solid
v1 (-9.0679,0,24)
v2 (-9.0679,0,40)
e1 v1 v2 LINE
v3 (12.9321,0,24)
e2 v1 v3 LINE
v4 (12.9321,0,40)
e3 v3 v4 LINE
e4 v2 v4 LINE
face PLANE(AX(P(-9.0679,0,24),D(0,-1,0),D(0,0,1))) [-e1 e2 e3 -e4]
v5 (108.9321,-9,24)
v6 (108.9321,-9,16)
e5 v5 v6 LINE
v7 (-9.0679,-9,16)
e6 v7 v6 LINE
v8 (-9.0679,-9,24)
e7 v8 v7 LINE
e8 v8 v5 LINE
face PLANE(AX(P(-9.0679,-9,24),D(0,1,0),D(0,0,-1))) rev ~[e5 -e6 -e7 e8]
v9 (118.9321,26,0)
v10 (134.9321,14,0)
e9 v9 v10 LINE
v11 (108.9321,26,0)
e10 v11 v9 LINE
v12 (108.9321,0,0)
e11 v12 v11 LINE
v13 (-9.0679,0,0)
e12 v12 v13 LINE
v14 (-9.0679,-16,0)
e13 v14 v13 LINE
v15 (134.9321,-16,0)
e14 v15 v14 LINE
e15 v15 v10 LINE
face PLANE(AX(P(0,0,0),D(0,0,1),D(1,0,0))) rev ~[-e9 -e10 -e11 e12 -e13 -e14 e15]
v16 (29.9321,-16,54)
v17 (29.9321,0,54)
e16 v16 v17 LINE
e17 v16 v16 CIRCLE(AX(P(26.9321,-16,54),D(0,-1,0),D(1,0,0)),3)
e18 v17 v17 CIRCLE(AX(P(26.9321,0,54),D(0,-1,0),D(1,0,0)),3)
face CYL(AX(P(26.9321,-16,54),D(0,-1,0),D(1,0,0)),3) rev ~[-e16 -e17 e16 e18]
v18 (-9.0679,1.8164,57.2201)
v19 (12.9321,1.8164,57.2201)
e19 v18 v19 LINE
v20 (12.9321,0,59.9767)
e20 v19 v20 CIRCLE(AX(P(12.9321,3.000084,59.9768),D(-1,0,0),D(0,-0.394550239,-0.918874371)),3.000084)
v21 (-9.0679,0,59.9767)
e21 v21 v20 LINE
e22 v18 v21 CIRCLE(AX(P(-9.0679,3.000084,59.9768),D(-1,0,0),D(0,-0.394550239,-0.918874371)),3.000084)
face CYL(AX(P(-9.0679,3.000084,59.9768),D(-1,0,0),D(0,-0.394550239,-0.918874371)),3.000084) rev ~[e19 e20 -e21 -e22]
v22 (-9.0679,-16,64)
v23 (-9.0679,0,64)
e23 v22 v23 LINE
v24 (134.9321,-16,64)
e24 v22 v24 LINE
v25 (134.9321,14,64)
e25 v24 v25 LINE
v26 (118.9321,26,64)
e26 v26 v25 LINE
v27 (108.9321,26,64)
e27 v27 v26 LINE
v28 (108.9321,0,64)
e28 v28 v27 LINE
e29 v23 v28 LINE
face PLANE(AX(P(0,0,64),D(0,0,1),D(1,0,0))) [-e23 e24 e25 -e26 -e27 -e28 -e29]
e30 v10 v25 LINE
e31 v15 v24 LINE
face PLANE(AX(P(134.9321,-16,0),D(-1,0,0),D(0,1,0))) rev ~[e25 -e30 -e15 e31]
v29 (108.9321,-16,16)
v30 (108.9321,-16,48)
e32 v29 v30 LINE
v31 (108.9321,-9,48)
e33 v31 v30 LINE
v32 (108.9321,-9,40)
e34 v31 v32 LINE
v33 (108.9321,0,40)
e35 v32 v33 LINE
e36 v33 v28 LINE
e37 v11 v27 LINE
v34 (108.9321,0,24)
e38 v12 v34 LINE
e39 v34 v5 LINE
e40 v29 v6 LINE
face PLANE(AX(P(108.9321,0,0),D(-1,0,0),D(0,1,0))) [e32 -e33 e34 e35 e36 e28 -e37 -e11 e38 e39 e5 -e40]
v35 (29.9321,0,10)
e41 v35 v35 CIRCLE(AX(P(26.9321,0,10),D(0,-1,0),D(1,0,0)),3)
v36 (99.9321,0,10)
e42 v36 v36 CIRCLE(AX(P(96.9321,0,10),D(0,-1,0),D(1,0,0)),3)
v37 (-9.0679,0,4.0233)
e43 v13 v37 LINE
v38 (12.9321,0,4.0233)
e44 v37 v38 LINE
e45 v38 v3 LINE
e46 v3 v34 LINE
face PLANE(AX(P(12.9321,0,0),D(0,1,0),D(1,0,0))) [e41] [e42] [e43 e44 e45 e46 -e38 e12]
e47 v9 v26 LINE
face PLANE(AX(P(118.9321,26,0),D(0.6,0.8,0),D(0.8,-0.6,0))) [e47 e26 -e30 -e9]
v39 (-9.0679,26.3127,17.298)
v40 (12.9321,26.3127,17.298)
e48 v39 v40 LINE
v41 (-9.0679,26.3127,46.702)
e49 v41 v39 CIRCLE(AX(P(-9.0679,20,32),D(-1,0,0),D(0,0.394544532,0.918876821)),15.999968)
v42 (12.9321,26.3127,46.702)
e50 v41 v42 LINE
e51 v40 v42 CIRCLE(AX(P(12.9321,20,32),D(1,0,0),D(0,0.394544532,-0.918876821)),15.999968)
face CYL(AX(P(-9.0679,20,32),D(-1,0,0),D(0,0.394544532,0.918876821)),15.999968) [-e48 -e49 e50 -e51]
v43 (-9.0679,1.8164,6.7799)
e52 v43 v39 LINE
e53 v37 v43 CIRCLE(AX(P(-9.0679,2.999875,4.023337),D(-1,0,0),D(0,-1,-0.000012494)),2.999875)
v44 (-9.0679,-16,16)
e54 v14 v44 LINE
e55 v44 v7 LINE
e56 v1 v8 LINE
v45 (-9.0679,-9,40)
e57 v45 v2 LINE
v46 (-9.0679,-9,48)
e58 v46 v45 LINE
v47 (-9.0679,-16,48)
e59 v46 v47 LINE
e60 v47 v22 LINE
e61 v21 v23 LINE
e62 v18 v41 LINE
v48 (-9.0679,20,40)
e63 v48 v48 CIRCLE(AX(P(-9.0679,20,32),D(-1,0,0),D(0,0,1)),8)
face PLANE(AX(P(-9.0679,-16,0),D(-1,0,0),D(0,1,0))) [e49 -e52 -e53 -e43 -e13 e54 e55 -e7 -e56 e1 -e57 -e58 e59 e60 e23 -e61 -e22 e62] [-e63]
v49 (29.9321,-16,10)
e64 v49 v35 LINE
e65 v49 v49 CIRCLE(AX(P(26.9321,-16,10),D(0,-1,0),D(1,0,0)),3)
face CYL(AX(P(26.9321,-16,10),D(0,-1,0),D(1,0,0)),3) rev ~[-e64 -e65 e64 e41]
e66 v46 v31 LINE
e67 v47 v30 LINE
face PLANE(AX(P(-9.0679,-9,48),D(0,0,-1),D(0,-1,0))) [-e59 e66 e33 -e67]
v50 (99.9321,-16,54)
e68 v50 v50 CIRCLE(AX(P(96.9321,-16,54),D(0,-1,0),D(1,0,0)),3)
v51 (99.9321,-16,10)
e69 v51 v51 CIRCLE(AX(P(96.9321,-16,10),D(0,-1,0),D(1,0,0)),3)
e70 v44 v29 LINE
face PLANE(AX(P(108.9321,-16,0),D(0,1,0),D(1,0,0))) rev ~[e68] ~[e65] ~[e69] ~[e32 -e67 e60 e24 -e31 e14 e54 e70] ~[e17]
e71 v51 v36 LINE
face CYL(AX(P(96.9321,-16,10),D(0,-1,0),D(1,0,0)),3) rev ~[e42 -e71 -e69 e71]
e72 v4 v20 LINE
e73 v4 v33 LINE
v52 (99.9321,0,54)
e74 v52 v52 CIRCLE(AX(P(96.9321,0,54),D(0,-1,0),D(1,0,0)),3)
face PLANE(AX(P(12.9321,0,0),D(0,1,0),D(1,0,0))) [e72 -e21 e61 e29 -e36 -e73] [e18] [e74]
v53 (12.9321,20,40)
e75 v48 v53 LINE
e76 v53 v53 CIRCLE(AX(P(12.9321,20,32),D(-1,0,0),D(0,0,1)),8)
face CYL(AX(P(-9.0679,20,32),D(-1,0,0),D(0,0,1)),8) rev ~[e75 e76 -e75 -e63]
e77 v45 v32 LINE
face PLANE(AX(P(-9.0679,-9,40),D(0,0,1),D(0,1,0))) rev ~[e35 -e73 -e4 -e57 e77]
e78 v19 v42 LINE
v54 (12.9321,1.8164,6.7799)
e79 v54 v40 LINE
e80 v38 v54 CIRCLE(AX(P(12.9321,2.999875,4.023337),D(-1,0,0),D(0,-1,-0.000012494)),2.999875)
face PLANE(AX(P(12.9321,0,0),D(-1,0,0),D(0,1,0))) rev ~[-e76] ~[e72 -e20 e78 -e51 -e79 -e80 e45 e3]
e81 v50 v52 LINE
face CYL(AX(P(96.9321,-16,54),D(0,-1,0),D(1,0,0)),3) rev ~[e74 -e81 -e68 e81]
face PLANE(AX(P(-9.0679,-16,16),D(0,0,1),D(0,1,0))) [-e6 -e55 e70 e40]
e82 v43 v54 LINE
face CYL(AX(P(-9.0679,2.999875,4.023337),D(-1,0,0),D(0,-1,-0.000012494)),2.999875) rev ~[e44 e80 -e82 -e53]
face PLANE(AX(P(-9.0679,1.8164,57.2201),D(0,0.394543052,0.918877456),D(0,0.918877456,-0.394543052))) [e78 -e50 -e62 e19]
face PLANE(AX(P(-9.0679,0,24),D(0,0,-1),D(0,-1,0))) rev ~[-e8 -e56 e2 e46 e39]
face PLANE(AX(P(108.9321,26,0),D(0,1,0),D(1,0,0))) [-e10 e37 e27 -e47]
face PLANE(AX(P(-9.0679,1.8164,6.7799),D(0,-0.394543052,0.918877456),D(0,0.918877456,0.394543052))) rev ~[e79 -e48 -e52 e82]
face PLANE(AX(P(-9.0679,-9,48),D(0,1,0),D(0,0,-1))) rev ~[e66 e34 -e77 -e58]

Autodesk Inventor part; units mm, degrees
ref_plane "YZ Plane" through (0, 0, 0) normal (1, 0, 0) x (0, 1, 0)
ref_plane "XZ Plane" through (0, 0, 0) normal (0, 1, 0) x (-1, 0, 0)
ref_plane "XY Plane" through (0, 0, 0) normal (0, 0, 1) x (1, 0, 0)
sketch "Sketch1" plane through (0, 0, 0) normal (0, 0, 1) x (1, 0, 0)
  line L0 (12.9321, 0) -> (108.9321, 0)
  line L1 (108.9321, -16) -> (-9.0679, -16)
  line L2 (-9.0679, -16) -> (-9.0679, 0)
  line L3 (12.9321, 0) -> (12.9321, 36)
  line L4 (12.9321, 36) -> (-9.0679, 36)
  line L5 (-9.0679, 36) -> (-9.0679, 0)
  line L6 (108.9321, -16) -> (134.9321, -16)
  line L7 (134.9321, -16) -> (134.9321, 14)
  line L8 (108.9321, 0) -> (108.9321, 26)
  line L9 (108.9321, 26) -> (118.9321, 26)
  line L10 (118.9321, 26) -> (134.9321, 14)
  point P0 (0, 0)
  dimension "d0" = 118
  dimension "d1" = 16
  dimension "d2" = 22
  dimension "d3" = 36
  dimension "d4" = 26
  dimension "d5" = 30
  dimension "d6" = 26
  dimension "d7" = 10
extrude "Extrusion1" add sketch "Sketch1" along normal blind 64
sketch "Sketch2" plane through (-9.0679, -16, 0) normal (-1, 0, 0) x (0, 0, 1)
  circle A0 centre (32, 36) radius 8
  line L0 (0, 0) -> (64, 0) projected
  line L1 (0, 52) -> (0, 0) projected
  line L2 (0, 16) -> (64, 16) projected
  line L3 (0, 16) -> (4.0233, 16)
  line L4 (64, 16) -> (59.9767, 16)
  arc A1 (46.702, 42.3127) -> (17.298, 42.3127) centre (32, 36) ccw
  line L5 (57.2201, 17.8164) -> (46.702, 42.3127)
  line L6 (6.7799, 17.8164) -> (17.298, 42.3127)
  arc A2 (4.0233, 16) -> (6.7799, 17.8164) centre (4.0233, 19) ccw
  arc A3 (57.2201, 17.8164) -> (59.9767, 16) centre (59.9767, 19) ccw
  line L7 (0, 16) -> (0, 52)
  line L8 (0, 52) -> (64, 52) projected
  line L9 (64, 52) -> (64, 16)
  line L10 (64, 52) -> (64, 0) projected
  point P0 (6, 16)
  point P1 (58, 16)
  point P2 (32, 52)
  dimension "d10" = 16
  dimension "d11" = 36
  dimension "d12" = 32
  dimension "d13" = 6
  dimension "d14" = 6
  dimension "d15" = 3
  dimension "d16" = 3
extrude "Extrusion2" cut sketch "Sketch2" against normal blind 22 contours A0 | L1 L8 A1 L6 A2 L2 | L2 A3 L5 A1 L8 L9
sketch "Sketch3" plane through (-9.0679, -16, 0) normal (-1, 0, 0) x (0, 0, 1)
  line L0 (0, 0) -> (64, 0) projected
  line L1 (0, 16) -> (64, 16) projected
  line L2 (48, 0) -> (16, 0)
  line L3 (16, 0) -> (16, 7)
  line L4 (24, 16) -> (40, 16)
  line L5 (48, 7) -> (48, 0)
  line L6 (0, 16) -> (0, 0) projected
  line L7 (64, 16) -> (64, 0) projected
  line L8 (24, 16) -> (24, 7)
  line L9 (24, 7) -> (16, 7)
  line L10 (48, 7) -> (40, 7)
  line L11 (40, 7) -> (40, 16)
  point P0 (16, 0)
  dimension "d19" = 16
  dimension "d20" = 16
  dimension "d21" = 9
  dimension "d22" = 8
  dimension "d23" = 8
extrude "Extrusion3" cut sketch "Sketch3" against normal blind 118 contours L3 L9 L8 L1 L11 L10 L5 L0
sketch "Sketch4" plane through (-9.0679, -16, 0) normal (0, -1, 0) x (1, 0, 0)
  circle A0 centre (36, 54) radius 3
  line L0 (0, 48) -> (0, 64) projected
  line L1 (0, 64) -> (144, 64) projected
  circle A1 centre (106, 54) radius 3
  circle A2 centre (36, 10) radius 3
  circle A3 centre (106, 10) radius 3
  point P0 (9.0679, 0)
  dimension "d26" = 6
  dimension "d27" = 36
  dimension "d28" = 10
  dimension "d31" = 70
  dimension "d34" = 44
extrude "Extrusion4" cut sketch "Sketch4" against normal through all
properties part number "first"
